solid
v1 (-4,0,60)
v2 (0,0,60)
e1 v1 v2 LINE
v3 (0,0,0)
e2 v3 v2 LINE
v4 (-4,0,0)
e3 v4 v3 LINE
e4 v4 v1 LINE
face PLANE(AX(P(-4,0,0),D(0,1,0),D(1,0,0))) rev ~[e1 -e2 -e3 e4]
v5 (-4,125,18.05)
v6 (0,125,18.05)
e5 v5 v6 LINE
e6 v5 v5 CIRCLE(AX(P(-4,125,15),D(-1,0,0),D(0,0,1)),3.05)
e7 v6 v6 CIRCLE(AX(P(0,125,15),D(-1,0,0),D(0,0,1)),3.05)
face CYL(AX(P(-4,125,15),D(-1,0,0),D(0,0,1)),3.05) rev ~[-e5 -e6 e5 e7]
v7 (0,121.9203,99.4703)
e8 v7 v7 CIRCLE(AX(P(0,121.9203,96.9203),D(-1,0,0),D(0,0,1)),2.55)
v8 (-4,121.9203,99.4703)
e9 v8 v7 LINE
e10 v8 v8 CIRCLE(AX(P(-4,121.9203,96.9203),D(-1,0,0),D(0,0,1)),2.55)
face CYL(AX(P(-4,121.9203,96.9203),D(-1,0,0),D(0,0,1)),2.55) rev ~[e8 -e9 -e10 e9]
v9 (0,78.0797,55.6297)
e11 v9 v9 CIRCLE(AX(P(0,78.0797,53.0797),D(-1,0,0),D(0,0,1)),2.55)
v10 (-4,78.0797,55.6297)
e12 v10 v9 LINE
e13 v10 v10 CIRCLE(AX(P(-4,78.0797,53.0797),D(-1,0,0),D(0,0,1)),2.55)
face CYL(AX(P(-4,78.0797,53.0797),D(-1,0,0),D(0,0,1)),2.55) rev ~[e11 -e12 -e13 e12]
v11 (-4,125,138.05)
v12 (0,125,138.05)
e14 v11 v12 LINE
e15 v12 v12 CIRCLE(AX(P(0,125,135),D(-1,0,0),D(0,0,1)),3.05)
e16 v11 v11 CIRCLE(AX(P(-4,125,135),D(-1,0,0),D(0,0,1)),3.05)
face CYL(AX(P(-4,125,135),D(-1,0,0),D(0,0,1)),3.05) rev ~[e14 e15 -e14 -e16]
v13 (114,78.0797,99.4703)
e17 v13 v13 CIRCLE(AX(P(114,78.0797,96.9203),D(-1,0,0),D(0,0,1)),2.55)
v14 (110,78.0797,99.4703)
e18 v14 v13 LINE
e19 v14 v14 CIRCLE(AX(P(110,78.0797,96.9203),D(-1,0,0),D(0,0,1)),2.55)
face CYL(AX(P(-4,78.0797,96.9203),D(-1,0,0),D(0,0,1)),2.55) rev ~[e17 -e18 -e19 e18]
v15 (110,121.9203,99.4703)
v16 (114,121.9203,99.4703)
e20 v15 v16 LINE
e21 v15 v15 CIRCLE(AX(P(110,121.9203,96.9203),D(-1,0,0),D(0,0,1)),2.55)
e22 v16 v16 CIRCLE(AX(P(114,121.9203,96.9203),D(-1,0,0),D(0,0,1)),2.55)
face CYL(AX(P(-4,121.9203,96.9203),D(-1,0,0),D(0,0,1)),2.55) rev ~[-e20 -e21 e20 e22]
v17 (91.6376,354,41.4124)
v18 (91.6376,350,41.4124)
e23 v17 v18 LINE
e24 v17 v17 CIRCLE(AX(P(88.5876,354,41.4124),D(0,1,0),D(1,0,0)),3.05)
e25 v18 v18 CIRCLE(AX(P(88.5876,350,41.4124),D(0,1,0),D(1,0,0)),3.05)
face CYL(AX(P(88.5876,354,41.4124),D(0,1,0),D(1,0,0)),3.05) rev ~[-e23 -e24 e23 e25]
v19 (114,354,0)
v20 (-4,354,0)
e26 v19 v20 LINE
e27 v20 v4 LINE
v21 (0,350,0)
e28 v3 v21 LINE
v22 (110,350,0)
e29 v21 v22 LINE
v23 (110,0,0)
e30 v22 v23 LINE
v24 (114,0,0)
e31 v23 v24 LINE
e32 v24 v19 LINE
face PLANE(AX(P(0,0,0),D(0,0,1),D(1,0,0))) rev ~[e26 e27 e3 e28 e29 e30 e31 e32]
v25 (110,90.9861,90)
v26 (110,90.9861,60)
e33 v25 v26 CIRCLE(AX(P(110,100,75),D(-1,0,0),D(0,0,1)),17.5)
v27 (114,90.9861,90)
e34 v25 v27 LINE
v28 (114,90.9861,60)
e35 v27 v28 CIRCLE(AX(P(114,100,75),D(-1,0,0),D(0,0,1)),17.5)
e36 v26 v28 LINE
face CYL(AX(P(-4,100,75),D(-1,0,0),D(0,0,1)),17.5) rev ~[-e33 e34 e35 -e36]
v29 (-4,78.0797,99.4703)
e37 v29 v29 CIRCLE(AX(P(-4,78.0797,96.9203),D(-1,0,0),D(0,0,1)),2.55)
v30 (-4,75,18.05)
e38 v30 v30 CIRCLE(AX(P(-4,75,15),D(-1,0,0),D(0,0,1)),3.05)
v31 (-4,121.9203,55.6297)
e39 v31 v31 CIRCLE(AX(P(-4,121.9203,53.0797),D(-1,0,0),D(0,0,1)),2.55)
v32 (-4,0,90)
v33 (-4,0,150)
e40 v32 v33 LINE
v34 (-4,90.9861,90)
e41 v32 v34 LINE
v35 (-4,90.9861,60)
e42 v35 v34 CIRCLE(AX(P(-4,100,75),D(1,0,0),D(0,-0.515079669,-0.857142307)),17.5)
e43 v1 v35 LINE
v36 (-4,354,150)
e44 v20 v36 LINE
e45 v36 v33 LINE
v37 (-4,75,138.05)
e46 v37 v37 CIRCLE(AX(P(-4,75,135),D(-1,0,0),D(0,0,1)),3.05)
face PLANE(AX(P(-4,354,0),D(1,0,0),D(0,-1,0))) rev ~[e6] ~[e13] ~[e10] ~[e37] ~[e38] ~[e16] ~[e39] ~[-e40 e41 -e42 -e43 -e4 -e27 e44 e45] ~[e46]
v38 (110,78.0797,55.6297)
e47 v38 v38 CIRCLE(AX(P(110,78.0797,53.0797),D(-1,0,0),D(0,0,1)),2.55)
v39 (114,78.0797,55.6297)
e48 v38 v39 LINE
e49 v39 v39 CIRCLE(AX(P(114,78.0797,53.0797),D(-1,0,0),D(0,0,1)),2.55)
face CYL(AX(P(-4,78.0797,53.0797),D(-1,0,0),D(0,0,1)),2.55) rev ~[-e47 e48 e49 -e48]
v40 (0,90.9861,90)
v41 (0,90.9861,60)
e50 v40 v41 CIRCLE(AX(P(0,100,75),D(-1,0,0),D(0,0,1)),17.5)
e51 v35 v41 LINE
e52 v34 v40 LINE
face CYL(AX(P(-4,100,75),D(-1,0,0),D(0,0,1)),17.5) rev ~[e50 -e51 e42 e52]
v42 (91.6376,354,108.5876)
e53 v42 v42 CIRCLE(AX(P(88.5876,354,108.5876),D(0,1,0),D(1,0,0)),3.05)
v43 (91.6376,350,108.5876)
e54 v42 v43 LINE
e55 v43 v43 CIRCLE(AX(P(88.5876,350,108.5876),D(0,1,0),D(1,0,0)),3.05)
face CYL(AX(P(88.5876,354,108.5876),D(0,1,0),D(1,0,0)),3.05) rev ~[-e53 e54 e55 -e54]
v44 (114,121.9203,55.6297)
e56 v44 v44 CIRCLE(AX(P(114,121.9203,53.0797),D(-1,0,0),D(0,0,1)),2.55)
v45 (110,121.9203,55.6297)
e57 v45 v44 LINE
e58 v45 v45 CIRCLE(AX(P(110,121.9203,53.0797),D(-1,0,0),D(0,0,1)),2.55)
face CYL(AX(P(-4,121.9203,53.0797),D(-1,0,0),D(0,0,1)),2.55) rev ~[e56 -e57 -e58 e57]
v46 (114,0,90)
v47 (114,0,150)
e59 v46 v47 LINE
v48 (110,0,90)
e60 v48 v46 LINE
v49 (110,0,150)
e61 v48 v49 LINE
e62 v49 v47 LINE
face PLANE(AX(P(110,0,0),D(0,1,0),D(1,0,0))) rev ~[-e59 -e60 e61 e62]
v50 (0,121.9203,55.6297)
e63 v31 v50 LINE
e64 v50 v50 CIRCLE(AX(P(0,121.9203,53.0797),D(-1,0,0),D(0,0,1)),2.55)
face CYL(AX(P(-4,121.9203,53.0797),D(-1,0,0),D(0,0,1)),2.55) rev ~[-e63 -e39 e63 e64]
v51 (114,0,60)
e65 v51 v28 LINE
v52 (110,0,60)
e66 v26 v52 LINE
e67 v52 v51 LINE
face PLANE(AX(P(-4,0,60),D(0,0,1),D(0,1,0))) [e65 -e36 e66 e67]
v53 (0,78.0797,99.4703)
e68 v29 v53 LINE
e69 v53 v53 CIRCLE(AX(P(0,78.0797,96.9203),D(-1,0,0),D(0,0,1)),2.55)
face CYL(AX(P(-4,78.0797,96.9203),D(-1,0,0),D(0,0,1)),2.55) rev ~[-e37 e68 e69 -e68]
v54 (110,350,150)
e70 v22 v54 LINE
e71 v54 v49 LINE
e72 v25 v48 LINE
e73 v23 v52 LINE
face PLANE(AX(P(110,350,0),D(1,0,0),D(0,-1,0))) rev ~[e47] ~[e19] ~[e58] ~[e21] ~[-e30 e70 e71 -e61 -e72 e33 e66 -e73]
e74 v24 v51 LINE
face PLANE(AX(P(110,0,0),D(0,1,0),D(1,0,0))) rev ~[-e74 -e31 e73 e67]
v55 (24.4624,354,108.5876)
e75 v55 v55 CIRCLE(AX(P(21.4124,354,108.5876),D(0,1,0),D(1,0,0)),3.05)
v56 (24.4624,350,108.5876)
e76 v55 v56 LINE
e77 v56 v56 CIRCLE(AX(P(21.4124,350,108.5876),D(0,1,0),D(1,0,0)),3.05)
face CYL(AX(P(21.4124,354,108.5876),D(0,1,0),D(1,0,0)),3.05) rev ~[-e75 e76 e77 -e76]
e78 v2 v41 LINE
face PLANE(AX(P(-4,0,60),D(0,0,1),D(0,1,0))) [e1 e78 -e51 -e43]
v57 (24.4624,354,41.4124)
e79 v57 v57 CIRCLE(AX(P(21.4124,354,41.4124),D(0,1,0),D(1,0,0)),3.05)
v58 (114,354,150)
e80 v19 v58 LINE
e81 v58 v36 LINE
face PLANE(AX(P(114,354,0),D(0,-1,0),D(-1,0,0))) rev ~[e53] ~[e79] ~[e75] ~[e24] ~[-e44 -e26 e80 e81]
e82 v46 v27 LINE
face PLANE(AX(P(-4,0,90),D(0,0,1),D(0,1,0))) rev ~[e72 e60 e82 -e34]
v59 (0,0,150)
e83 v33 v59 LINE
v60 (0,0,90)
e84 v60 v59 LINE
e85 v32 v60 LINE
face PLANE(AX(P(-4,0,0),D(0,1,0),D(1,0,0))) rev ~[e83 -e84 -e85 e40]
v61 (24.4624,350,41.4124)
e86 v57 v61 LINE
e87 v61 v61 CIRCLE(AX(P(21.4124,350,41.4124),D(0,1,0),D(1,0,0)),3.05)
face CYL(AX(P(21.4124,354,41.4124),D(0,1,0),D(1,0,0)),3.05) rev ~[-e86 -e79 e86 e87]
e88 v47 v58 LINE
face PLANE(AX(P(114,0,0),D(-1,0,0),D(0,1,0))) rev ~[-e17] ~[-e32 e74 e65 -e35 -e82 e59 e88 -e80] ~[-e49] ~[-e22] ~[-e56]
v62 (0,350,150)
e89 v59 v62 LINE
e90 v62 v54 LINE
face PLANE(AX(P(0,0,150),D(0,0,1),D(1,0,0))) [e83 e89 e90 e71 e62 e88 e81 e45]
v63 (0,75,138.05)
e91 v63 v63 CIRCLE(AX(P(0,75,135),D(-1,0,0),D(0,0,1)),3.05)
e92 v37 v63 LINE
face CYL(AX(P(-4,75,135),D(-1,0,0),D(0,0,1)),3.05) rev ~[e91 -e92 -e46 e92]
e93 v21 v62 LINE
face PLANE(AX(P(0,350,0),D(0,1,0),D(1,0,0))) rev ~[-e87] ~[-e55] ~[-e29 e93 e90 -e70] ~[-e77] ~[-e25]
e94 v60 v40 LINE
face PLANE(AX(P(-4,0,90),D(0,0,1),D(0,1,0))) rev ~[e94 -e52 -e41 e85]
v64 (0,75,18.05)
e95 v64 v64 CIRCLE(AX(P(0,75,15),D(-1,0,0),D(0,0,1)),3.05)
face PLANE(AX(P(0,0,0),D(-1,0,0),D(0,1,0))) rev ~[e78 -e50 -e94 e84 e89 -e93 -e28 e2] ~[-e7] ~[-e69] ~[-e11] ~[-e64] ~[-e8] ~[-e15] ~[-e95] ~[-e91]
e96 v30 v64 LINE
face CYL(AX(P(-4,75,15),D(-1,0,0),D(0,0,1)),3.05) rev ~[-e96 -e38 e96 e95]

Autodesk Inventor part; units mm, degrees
ref_plane "YZ Plane" through (0, 0, 0) normal (1, 0, 0) x (0, 1, 0)
ref_plane "XZ Plane" through (0, 0, 0) normal (0, 1, 0) x (-1, 0, 0)
sketch "Sketch1" plane through (0, 0, 0) normal (0, 0, 1) x (1, 0, 0)
  line L0 (0, 0) -> (0, 350)
  line L1 (0, 350) -> (110, 350)
  line L2 (110, 350) -> (110, 0)
  line L3 (114, 0) -> (114, 354)
  line L4 (114, 354) -> (-4, 354)
  line L5 (-4, 354) -> (-4, 0)
  line L6 (-4, 0) -> (0, 0)
  line L7 (110, 0) -> (114, 0)
  dimension "d0" = 350
  dimension "d1" = 110
  dimension "d2" = 4
extrude "Extrusion1" add sketch "Sketch1" along normal blind 150
sketch "Sketch2" plane through (-4, 0, 0) normal (-1, 0, 0) x (0, 0, 1)
  line L0 (0, 354) -> (150, 354) projected
  line L1 (0, 0) -> (150, 0) projected
  line L2 (75, 0) -> (75, 100) construction
  circle A0 centre (75, 100) radius 17.5
  line L3 (60, 0) -> (60, 90.9861)
  line L4 (90, 0) -> (90, 90.9861)
  circle A1 centre (100, 100) radius 31 construction
  line L5 (75, 100) -> (53.0797, 121.9203) construction
  circle A2 centre (53.0797, 121.9203) radius 2.55
  circle A3 centre (53.0797, 78.0797) radius 2.55
  circle A4 centre (96.9203, 78.0797) radius 2.55
  circle A5 centre (96.9203, 121.9203) radius 2.55
  point P0 (60, 0)
  point P1 (90, 0)
  dimension "d5" = 100
  dimension "d6" = 15
  dimension "d7" = 15
  dimension "d12" = 35
  dimension "d13" = 62
  dimension "d23" = 5.1
  dimension "d26" = 360
extrude "Extrusion2" cut sketch "Sketch2" against normal blind 200
sketch "Sketch4" plane through (-4, 0, 0) normal (-1, 0, 0) x (0, 0, 1)
  arc A0 (90, 90.9861) -> (60, 90.9861) centre (75, 100) ccw construction
  line L0 (15, 75) -> (135, 75) construction
  line L1 (135, 75) -> (135, 125) construction
  line L2 (135, 125) -> (15, 125) construction
  line L3 (15, 125) -> (15, 75) construction
  line L4 (15, 75) -> (135, 125) construction
  line L5 (135, 75) -> (15, 125) construction
  circle A1 centre (15, 125) radius 3.05
  circle A2 centre (15, 75) radius 3.05
  circle A3 centre (135, 75) radius 3.05
  circle A4 centre (135, 125) radius 3.05
  point P0 (0, 0)
  dimension "d33" = 120
  dimension "d34" = 50
  dimension "d35" = 6.1
extrude "Extrusion4" cut sketch "Sketch4" against normal blind 5
ref_plane "Work Plane1" through (55, 0, 0) normal (1, 0, 0) x (0, 0, -1)
sketch "Sketch5" plane through (-4, 354, 0) normal (0, 1, 0) x (1, 0, 0)
  line L0 (118, 0) -> (0, 0) projected
  line L1 (0, 0) -> (0, -150) projected
  line L2 (118, -150) -> (0, -150) projected
  line L3 (118, 0) -> (118, -150) projected
  line L4 (4, -150) -> (114, -150) projected
  line L5 (59, -150) -> (59, 0) construction
  line L6 (4, 0) -> (114, 0) projected
  circle A0 centre (59, -75) radius 5
  circle A1 centre (59, -75) radius 47.5 construction
  line L7 (59, -75) -> (11.5, -75) construction
  line L8 (59, -75) -> (25.4124, -108.5876) construction
  circle A2 centre (25.4124, -108.5876) radius 3.05
  circle A3 centre (92.5876, -108.5876) radius 3.05
  circle A4 centre (92.5876, -41.4124) radius 3.05
  circle A5 centre (25.4124, -41.4124) radius 3.05
  dimension "d38" = 10
  dimension "d41" = 95
  dimension "d42" = 6.1
  dimension "d43" = 45
  dimension "d46" = 360
extrude "Extrusion5" cut sketch "Sketch5" against normal blind 20 contours A2 | A3 | A4 | A5
properties part number "CShape"
